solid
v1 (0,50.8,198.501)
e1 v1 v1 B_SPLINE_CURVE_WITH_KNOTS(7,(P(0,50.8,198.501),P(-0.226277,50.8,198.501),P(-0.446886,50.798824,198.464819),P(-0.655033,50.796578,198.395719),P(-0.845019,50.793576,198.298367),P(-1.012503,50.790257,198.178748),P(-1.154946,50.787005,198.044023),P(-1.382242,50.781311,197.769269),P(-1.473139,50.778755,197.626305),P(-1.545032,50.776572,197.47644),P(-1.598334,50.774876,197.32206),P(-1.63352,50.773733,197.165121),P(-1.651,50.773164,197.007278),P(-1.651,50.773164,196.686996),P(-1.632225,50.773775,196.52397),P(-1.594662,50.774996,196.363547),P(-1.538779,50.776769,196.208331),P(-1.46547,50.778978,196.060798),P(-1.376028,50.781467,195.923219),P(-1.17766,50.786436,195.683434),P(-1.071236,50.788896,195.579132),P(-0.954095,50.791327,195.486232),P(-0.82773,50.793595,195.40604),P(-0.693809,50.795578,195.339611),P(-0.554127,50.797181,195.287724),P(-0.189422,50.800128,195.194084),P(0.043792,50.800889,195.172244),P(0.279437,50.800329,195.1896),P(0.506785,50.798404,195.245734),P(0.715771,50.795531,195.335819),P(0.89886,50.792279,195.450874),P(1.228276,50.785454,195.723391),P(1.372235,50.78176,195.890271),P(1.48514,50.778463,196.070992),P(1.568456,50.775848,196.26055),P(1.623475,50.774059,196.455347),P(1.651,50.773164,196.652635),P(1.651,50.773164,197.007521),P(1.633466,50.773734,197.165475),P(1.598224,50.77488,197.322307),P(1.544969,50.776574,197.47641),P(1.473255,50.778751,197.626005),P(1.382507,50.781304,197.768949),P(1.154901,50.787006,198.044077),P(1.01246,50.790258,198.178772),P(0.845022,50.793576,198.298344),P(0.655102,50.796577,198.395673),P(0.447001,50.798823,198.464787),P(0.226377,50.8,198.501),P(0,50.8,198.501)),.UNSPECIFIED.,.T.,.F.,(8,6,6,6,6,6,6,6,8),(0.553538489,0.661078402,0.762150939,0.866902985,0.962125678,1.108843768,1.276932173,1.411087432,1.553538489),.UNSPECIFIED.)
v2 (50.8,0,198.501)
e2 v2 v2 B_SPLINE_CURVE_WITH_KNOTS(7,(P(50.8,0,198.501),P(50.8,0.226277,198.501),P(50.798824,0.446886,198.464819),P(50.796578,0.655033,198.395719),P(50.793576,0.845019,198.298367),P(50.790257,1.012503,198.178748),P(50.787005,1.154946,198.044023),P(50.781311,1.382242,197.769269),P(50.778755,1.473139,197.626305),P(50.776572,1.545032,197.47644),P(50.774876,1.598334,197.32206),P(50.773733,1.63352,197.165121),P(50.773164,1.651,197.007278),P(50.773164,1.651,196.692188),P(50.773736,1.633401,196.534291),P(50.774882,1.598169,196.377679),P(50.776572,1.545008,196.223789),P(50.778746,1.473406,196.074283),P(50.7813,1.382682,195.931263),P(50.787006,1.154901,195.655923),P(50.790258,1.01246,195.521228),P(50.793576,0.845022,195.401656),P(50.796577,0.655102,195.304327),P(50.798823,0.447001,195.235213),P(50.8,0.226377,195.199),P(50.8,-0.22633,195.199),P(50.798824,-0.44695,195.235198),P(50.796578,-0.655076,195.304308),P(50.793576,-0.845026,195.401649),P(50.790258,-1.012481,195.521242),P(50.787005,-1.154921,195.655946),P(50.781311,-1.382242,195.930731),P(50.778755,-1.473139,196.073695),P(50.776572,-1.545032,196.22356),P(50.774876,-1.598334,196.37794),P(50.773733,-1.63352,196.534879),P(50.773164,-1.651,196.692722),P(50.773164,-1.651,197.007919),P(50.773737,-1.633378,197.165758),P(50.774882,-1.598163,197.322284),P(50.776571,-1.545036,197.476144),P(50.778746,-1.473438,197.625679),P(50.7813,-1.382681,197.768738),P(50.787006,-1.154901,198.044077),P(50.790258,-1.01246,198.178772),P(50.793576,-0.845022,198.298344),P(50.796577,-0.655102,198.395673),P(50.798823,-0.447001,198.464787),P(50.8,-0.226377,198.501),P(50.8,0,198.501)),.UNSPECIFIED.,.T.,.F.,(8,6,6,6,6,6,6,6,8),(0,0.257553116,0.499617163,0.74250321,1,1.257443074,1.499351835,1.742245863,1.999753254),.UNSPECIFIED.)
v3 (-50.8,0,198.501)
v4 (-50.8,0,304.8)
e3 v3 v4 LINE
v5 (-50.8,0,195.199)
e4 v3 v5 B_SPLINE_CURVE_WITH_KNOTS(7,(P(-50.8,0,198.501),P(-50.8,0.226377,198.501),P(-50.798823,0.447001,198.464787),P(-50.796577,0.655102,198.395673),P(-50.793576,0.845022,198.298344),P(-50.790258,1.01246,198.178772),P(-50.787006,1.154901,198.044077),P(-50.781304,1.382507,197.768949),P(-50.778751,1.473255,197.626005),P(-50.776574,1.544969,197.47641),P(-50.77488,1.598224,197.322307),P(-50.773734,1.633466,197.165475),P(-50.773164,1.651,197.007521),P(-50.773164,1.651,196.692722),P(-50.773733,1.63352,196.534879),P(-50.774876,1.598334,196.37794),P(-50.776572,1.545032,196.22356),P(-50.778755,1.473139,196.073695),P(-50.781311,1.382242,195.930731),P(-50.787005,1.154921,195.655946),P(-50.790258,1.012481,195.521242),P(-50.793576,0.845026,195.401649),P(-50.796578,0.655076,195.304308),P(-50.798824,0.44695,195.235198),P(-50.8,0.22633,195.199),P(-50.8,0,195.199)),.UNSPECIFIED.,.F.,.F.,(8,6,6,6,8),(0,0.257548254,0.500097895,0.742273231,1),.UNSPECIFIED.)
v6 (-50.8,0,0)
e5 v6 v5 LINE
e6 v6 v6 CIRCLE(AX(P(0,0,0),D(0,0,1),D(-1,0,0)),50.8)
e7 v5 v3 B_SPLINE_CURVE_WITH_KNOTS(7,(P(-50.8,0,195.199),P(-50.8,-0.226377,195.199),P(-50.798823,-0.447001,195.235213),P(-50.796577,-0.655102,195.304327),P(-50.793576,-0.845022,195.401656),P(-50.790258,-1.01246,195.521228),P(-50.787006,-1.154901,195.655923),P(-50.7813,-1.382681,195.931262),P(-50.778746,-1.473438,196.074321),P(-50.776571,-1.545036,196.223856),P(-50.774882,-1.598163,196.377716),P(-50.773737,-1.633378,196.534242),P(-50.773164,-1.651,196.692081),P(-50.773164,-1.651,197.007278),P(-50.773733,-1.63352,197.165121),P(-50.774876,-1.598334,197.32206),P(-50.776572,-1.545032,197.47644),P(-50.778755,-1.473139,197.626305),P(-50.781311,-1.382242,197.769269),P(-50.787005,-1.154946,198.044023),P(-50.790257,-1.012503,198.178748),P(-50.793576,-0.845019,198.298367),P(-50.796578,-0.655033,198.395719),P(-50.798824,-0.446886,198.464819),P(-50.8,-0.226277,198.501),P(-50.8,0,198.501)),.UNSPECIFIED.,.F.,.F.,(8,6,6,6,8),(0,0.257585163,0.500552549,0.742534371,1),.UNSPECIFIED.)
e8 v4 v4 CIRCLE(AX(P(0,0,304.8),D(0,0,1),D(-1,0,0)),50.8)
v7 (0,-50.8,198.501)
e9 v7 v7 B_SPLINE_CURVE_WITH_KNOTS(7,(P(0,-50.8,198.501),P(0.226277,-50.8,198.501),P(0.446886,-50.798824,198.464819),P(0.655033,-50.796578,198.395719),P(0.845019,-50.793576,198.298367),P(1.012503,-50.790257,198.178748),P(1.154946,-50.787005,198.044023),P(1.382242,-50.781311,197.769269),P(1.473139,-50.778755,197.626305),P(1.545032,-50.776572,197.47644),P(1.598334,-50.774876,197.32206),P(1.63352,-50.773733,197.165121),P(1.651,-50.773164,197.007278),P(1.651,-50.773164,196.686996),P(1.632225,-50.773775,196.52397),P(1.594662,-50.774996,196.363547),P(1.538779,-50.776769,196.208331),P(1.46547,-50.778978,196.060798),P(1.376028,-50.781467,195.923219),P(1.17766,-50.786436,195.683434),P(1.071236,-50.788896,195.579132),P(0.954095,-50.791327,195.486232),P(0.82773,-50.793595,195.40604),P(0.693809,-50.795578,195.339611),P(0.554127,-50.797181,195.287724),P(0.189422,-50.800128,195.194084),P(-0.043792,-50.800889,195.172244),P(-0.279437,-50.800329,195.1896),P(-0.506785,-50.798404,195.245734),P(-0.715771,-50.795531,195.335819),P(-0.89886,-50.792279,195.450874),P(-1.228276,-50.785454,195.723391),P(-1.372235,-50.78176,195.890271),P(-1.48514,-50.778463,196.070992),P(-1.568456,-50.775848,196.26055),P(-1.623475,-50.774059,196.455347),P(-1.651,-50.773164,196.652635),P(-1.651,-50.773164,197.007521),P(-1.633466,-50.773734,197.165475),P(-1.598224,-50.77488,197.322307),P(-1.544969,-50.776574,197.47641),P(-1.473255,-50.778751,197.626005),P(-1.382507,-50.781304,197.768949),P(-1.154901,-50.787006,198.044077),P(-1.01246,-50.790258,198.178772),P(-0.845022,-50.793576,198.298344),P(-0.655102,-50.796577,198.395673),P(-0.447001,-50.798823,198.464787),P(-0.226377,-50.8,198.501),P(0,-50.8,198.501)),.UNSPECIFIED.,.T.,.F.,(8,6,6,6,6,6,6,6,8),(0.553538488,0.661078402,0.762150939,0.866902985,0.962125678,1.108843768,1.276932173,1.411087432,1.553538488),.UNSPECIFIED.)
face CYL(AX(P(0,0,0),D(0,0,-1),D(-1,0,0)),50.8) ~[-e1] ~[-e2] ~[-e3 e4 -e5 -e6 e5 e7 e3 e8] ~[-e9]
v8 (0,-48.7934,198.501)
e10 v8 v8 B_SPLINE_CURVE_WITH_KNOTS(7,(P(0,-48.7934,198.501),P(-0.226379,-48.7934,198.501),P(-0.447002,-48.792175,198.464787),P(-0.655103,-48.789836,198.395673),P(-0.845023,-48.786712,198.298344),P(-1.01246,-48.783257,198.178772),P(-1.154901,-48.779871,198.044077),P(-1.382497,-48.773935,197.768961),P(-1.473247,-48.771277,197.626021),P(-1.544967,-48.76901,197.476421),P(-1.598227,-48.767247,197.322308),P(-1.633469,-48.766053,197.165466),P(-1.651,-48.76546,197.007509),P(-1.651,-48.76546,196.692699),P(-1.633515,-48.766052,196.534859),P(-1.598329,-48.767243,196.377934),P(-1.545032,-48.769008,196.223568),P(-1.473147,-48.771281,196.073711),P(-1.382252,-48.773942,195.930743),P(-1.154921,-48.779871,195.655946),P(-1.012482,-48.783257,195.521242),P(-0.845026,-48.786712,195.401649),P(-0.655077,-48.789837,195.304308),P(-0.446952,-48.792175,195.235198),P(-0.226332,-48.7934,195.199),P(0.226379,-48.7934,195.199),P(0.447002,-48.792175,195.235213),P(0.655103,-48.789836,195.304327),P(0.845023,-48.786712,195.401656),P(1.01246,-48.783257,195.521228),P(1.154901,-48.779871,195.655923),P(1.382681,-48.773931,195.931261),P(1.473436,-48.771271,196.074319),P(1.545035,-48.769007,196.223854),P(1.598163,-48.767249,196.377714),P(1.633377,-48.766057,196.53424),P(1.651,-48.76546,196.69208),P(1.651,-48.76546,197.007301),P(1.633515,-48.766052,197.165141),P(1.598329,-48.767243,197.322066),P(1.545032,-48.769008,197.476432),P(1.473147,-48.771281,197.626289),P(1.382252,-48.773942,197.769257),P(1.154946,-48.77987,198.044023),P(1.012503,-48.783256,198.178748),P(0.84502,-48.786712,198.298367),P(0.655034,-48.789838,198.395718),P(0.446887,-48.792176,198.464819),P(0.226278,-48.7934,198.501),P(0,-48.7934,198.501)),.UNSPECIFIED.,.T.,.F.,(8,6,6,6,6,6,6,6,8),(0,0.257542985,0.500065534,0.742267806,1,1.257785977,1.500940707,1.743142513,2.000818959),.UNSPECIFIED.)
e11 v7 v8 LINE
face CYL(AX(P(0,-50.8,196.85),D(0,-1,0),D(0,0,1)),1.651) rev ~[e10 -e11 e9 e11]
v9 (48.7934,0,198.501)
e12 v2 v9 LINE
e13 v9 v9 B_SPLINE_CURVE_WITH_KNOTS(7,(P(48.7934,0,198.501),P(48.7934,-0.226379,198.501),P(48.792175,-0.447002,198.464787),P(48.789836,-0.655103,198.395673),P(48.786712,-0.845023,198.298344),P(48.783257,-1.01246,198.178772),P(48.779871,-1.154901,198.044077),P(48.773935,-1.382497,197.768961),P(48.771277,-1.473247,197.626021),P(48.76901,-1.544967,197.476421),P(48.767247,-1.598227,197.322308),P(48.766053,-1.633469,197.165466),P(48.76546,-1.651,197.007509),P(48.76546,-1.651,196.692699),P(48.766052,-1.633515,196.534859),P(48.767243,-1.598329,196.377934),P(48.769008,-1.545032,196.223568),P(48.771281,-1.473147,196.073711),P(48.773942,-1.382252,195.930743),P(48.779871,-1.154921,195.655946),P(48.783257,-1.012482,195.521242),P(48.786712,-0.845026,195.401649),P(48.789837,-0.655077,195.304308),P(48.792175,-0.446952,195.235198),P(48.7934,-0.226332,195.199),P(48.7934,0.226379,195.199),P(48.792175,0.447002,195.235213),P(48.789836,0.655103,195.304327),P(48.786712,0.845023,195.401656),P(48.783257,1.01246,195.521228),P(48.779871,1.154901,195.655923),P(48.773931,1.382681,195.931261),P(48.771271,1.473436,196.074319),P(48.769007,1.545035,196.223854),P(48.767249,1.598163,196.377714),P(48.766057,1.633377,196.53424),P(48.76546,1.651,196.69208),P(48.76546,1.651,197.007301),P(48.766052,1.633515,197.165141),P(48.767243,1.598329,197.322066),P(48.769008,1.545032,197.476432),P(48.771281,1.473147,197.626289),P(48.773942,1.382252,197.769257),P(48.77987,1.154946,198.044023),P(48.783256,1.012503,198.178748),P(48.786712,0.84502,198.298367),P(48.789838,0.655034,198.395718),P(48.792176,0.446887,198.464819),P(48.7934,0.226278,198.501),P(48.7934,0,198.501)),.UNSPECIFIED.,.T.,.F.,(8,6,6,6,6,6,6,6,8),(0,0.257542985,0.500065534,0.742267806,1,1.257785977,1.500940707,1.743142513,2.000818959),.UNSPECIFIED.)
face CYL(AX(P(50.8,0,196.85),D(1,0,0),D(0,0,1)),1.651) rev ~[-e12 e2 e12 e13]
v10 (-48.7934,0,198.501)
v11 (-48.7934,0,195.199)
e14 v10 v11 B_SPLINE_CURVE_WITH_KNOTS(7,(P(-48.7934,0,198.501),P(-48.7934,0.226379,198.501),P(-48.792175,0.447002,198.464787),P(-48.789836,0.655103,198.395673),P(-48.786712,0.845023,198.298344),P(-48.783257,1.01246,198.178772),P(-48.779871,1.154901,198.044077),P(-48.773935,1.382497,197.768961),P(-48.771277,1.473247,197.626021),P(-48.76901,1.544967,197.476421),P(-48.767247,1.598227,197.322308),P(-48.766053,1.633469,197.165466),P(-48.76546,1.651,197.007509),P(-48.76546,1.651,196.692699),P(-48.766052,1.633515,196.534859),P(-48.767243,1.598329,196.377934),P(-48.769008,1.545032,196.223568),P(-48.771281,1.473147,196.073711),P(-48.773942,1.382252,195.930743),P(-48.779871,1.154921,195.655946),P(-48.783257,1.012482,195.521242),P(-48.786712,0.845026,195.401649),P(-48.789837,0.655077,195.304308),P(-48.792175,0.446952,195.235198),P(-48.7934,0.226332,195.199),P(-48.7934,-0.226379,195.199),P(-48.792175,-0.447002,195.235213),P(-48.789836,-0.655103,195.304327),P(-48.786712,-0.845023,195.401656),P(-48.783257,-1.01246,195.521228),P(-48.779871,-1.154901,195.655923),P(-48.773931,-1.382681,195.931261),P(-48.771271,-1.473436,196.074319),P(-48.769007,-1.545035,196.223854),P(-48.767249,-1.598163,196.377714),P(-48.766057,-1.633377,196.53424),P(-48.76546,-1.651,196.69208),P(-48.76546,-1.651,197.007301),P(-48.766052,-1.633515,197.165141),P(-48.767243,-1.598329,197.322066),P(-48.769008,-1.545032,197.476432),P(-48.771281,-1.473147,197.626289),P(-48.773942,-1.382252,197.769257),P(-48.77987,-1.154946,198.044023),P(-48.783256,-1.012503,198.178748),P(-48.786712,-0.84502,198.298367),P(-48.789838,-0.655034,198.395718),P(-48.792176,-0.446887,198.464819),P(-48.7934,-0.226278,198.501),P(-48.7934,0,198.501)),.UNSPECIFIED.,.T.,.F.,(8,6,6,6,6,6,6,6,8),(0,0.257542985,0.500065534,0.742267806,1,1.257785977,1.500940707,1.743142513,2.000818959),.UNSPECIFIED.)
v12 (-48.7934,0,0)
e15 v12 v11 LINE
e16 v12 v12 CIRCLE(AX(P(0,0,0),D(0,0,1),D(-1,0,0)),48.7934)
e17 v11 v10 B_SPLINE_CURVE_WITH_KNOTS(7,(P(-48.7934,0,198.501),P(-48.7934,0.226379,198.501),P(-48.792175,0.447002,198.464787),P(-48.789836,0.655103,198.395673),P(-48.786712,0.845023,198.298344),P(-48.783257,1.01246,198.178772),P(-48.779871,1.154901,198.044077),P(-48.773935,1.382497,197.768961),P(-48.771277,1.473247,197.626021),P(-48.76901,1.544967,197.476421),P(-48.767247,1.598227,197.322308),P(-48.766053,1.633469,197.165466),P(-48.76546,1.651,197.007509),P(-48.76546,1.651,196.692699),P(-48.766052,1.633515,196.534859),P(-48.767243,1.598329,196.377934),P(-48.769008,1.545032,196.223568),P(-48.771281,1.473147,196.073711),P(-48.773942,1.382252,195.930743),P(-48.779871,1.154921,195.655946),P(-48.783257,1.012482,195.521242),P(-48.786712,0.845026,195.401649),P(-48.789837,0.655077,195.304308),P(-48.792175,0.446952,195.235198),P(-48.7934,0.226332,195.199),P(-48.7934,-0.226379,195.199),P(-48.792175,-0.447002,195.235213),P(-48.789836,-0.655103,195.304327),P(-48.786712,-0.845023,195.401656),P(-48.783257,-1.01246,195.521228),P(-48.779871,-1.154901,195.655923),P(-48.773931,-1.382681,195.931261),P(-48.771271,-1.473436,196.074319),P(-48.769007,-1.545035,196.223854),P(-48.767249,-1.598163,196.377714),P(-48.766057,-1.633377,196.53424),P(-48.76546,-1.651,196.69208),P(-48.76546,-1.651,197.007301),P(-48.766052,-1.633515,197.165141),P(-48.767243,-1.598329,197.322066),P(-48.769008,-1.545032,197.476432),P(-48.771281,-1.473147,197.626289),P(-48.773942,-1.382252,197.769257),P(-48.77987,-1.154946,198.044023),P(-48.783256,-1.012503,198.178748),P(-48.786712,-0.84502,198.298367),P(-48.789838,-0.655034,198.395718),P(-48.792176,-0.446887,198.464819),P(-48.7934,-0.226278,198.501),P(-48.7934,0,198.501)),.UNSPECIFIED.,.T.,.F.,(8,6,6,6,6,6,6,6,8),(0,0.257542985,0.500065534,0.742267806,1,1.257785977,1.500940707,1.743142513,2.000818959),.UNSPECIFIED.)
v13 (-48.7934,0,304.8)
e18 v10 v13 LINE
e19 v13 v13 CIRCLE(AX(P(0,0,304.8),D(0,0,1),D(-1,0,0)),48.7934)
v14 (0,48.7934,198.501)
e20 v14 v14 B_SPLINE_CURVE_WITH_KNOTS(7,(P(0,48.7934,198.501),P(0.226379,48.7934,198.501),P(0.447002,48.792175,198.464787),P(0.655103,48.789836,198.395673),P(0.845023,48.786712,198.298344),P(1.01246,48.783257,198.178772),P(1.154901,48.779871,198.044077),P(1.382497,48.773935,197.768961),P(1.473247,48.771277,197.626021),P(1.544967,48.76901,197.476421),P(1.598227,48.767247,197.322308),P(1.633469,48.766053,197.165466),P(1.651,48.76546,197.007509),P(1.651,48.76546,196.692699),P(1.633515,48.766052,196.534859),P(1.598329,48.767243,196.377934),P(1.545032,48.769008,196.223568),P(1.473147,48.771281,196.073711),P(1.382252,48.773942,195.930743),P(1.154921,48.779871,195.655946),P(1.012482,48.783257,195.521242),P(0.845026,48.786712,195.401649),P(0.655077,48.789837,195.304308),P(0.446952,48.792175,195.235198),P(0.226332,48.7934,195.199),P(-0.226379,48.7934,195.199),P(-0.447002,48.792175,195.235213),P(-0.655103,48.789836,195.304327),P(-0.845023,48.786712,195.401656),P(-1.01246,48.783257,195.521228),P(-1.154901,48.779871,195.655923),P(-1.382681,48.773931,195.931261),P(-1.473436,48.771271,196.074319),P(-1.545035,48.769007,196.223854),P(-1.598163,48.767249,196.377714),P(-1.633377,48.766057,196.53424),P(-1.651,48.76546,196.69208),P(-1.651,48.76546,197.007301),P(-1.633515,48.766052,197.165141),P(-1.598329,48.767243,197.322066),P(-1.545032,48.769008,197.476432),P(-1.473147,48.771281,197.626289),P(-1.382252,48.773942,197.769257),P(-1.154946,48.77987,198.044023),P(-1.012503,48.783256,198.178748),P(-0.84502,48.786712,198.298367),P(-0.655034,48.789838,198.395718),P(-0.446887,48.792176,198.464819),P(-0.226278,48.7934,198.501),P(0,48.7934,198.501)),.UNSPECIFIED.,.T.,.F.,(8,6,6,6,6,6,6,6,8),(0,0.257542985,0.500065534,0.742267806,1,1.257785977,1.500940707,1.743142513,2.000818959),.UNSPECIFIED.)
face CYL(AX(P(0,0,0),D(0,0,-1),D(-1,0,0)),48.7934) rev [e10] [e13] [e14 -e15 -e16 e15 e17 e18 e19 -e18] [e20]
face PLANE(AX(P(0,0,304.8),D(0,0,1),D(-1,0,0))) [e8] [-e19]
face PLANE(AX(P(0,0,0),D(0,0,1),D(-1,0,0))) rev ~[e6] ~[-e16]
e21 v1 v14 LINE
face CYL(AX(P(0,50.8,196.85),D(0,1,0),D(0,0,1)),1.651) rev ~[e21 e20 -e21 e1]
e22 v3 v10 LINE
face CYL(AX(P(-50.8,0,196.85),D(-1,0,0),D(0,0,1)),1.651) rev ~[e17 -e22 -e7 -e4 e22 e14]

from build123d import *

# Parameters (mm, degrees)
SKETCH1_R               = 50.8
SKETCH1_R_2             = 48.7934
BOSS_EXTRUDE1_DEPTH     = 304.8
CUT_EXTRUDE1_REACH      = 327.279
CUT_EXTRUDE1_END_RADIUS = 48.7934
SKETCH2_R               = 1.651
CIRPATTERN1_COUNT       = 4


with BuildPart() as part:
    # Sketch1 → Boss-Extrude1 (new body)
    with BuildSketch(Plane.XY):
        with Locations(Location((0, 0, 0), (0, 0, 180))):
            Circle(SKETCH1_R)
        with Locations(Location((0, 0, 0), (0, 0, 180))):
            Circle(SKETCH1_R_2, mode=Mode.SUBTRACT)
    extrude(amount=BOSS_EXTRUDE1_DEPTH)

    # Cut-Extrude1: up to this cylinder (the profile starts outside it)
    cut_extrude1_end = Plane(origin=(0, 0, 196.85), z_dir=(0, 0, -1)) * Cylinder(CUT_EXTRUDE1_END_RADIUS, 753.1448, mode=Mode.PRIVATE)
    # Sketch2 → Cut-Extrude1 (cut, up to the surface)
    with BuildSketch(Plane.ZY.offset(50.8), mode=Mode.PRIVATE) as cut_extrude1_sk1:
        with Locations((196.85, 0)):
            Circle(SKETCH2_R)
    cut_extrude1_tool1 = extrude(cut_extrude1_sk1.sketch, amount=-CUT_EXTRUDE1_REACH, mode=Mode.PRIVATE) - cut_extrude1_end
    cut_extrude1 = cut_extrude1_tool1.solids().sort_by_distance((-50.8, 0, 196.85))[0]
    add(cut_extrude1, mode=Mode.SUBTRACT)

    # CirPattern1: Cut-Extrude1 ×4 about axis
    cirpattern1_axis = Axis((0, 0, 304.8), (0, 0, -1))
    for i in range(1, CIRPATTERN1_COUNT):
        add(cut_extrude1.rotate(cirpattern1_axis, i * 360 / CIRPATTERN1_COUNT), mode=Mode.SUBTRACT)


solid = part.part
